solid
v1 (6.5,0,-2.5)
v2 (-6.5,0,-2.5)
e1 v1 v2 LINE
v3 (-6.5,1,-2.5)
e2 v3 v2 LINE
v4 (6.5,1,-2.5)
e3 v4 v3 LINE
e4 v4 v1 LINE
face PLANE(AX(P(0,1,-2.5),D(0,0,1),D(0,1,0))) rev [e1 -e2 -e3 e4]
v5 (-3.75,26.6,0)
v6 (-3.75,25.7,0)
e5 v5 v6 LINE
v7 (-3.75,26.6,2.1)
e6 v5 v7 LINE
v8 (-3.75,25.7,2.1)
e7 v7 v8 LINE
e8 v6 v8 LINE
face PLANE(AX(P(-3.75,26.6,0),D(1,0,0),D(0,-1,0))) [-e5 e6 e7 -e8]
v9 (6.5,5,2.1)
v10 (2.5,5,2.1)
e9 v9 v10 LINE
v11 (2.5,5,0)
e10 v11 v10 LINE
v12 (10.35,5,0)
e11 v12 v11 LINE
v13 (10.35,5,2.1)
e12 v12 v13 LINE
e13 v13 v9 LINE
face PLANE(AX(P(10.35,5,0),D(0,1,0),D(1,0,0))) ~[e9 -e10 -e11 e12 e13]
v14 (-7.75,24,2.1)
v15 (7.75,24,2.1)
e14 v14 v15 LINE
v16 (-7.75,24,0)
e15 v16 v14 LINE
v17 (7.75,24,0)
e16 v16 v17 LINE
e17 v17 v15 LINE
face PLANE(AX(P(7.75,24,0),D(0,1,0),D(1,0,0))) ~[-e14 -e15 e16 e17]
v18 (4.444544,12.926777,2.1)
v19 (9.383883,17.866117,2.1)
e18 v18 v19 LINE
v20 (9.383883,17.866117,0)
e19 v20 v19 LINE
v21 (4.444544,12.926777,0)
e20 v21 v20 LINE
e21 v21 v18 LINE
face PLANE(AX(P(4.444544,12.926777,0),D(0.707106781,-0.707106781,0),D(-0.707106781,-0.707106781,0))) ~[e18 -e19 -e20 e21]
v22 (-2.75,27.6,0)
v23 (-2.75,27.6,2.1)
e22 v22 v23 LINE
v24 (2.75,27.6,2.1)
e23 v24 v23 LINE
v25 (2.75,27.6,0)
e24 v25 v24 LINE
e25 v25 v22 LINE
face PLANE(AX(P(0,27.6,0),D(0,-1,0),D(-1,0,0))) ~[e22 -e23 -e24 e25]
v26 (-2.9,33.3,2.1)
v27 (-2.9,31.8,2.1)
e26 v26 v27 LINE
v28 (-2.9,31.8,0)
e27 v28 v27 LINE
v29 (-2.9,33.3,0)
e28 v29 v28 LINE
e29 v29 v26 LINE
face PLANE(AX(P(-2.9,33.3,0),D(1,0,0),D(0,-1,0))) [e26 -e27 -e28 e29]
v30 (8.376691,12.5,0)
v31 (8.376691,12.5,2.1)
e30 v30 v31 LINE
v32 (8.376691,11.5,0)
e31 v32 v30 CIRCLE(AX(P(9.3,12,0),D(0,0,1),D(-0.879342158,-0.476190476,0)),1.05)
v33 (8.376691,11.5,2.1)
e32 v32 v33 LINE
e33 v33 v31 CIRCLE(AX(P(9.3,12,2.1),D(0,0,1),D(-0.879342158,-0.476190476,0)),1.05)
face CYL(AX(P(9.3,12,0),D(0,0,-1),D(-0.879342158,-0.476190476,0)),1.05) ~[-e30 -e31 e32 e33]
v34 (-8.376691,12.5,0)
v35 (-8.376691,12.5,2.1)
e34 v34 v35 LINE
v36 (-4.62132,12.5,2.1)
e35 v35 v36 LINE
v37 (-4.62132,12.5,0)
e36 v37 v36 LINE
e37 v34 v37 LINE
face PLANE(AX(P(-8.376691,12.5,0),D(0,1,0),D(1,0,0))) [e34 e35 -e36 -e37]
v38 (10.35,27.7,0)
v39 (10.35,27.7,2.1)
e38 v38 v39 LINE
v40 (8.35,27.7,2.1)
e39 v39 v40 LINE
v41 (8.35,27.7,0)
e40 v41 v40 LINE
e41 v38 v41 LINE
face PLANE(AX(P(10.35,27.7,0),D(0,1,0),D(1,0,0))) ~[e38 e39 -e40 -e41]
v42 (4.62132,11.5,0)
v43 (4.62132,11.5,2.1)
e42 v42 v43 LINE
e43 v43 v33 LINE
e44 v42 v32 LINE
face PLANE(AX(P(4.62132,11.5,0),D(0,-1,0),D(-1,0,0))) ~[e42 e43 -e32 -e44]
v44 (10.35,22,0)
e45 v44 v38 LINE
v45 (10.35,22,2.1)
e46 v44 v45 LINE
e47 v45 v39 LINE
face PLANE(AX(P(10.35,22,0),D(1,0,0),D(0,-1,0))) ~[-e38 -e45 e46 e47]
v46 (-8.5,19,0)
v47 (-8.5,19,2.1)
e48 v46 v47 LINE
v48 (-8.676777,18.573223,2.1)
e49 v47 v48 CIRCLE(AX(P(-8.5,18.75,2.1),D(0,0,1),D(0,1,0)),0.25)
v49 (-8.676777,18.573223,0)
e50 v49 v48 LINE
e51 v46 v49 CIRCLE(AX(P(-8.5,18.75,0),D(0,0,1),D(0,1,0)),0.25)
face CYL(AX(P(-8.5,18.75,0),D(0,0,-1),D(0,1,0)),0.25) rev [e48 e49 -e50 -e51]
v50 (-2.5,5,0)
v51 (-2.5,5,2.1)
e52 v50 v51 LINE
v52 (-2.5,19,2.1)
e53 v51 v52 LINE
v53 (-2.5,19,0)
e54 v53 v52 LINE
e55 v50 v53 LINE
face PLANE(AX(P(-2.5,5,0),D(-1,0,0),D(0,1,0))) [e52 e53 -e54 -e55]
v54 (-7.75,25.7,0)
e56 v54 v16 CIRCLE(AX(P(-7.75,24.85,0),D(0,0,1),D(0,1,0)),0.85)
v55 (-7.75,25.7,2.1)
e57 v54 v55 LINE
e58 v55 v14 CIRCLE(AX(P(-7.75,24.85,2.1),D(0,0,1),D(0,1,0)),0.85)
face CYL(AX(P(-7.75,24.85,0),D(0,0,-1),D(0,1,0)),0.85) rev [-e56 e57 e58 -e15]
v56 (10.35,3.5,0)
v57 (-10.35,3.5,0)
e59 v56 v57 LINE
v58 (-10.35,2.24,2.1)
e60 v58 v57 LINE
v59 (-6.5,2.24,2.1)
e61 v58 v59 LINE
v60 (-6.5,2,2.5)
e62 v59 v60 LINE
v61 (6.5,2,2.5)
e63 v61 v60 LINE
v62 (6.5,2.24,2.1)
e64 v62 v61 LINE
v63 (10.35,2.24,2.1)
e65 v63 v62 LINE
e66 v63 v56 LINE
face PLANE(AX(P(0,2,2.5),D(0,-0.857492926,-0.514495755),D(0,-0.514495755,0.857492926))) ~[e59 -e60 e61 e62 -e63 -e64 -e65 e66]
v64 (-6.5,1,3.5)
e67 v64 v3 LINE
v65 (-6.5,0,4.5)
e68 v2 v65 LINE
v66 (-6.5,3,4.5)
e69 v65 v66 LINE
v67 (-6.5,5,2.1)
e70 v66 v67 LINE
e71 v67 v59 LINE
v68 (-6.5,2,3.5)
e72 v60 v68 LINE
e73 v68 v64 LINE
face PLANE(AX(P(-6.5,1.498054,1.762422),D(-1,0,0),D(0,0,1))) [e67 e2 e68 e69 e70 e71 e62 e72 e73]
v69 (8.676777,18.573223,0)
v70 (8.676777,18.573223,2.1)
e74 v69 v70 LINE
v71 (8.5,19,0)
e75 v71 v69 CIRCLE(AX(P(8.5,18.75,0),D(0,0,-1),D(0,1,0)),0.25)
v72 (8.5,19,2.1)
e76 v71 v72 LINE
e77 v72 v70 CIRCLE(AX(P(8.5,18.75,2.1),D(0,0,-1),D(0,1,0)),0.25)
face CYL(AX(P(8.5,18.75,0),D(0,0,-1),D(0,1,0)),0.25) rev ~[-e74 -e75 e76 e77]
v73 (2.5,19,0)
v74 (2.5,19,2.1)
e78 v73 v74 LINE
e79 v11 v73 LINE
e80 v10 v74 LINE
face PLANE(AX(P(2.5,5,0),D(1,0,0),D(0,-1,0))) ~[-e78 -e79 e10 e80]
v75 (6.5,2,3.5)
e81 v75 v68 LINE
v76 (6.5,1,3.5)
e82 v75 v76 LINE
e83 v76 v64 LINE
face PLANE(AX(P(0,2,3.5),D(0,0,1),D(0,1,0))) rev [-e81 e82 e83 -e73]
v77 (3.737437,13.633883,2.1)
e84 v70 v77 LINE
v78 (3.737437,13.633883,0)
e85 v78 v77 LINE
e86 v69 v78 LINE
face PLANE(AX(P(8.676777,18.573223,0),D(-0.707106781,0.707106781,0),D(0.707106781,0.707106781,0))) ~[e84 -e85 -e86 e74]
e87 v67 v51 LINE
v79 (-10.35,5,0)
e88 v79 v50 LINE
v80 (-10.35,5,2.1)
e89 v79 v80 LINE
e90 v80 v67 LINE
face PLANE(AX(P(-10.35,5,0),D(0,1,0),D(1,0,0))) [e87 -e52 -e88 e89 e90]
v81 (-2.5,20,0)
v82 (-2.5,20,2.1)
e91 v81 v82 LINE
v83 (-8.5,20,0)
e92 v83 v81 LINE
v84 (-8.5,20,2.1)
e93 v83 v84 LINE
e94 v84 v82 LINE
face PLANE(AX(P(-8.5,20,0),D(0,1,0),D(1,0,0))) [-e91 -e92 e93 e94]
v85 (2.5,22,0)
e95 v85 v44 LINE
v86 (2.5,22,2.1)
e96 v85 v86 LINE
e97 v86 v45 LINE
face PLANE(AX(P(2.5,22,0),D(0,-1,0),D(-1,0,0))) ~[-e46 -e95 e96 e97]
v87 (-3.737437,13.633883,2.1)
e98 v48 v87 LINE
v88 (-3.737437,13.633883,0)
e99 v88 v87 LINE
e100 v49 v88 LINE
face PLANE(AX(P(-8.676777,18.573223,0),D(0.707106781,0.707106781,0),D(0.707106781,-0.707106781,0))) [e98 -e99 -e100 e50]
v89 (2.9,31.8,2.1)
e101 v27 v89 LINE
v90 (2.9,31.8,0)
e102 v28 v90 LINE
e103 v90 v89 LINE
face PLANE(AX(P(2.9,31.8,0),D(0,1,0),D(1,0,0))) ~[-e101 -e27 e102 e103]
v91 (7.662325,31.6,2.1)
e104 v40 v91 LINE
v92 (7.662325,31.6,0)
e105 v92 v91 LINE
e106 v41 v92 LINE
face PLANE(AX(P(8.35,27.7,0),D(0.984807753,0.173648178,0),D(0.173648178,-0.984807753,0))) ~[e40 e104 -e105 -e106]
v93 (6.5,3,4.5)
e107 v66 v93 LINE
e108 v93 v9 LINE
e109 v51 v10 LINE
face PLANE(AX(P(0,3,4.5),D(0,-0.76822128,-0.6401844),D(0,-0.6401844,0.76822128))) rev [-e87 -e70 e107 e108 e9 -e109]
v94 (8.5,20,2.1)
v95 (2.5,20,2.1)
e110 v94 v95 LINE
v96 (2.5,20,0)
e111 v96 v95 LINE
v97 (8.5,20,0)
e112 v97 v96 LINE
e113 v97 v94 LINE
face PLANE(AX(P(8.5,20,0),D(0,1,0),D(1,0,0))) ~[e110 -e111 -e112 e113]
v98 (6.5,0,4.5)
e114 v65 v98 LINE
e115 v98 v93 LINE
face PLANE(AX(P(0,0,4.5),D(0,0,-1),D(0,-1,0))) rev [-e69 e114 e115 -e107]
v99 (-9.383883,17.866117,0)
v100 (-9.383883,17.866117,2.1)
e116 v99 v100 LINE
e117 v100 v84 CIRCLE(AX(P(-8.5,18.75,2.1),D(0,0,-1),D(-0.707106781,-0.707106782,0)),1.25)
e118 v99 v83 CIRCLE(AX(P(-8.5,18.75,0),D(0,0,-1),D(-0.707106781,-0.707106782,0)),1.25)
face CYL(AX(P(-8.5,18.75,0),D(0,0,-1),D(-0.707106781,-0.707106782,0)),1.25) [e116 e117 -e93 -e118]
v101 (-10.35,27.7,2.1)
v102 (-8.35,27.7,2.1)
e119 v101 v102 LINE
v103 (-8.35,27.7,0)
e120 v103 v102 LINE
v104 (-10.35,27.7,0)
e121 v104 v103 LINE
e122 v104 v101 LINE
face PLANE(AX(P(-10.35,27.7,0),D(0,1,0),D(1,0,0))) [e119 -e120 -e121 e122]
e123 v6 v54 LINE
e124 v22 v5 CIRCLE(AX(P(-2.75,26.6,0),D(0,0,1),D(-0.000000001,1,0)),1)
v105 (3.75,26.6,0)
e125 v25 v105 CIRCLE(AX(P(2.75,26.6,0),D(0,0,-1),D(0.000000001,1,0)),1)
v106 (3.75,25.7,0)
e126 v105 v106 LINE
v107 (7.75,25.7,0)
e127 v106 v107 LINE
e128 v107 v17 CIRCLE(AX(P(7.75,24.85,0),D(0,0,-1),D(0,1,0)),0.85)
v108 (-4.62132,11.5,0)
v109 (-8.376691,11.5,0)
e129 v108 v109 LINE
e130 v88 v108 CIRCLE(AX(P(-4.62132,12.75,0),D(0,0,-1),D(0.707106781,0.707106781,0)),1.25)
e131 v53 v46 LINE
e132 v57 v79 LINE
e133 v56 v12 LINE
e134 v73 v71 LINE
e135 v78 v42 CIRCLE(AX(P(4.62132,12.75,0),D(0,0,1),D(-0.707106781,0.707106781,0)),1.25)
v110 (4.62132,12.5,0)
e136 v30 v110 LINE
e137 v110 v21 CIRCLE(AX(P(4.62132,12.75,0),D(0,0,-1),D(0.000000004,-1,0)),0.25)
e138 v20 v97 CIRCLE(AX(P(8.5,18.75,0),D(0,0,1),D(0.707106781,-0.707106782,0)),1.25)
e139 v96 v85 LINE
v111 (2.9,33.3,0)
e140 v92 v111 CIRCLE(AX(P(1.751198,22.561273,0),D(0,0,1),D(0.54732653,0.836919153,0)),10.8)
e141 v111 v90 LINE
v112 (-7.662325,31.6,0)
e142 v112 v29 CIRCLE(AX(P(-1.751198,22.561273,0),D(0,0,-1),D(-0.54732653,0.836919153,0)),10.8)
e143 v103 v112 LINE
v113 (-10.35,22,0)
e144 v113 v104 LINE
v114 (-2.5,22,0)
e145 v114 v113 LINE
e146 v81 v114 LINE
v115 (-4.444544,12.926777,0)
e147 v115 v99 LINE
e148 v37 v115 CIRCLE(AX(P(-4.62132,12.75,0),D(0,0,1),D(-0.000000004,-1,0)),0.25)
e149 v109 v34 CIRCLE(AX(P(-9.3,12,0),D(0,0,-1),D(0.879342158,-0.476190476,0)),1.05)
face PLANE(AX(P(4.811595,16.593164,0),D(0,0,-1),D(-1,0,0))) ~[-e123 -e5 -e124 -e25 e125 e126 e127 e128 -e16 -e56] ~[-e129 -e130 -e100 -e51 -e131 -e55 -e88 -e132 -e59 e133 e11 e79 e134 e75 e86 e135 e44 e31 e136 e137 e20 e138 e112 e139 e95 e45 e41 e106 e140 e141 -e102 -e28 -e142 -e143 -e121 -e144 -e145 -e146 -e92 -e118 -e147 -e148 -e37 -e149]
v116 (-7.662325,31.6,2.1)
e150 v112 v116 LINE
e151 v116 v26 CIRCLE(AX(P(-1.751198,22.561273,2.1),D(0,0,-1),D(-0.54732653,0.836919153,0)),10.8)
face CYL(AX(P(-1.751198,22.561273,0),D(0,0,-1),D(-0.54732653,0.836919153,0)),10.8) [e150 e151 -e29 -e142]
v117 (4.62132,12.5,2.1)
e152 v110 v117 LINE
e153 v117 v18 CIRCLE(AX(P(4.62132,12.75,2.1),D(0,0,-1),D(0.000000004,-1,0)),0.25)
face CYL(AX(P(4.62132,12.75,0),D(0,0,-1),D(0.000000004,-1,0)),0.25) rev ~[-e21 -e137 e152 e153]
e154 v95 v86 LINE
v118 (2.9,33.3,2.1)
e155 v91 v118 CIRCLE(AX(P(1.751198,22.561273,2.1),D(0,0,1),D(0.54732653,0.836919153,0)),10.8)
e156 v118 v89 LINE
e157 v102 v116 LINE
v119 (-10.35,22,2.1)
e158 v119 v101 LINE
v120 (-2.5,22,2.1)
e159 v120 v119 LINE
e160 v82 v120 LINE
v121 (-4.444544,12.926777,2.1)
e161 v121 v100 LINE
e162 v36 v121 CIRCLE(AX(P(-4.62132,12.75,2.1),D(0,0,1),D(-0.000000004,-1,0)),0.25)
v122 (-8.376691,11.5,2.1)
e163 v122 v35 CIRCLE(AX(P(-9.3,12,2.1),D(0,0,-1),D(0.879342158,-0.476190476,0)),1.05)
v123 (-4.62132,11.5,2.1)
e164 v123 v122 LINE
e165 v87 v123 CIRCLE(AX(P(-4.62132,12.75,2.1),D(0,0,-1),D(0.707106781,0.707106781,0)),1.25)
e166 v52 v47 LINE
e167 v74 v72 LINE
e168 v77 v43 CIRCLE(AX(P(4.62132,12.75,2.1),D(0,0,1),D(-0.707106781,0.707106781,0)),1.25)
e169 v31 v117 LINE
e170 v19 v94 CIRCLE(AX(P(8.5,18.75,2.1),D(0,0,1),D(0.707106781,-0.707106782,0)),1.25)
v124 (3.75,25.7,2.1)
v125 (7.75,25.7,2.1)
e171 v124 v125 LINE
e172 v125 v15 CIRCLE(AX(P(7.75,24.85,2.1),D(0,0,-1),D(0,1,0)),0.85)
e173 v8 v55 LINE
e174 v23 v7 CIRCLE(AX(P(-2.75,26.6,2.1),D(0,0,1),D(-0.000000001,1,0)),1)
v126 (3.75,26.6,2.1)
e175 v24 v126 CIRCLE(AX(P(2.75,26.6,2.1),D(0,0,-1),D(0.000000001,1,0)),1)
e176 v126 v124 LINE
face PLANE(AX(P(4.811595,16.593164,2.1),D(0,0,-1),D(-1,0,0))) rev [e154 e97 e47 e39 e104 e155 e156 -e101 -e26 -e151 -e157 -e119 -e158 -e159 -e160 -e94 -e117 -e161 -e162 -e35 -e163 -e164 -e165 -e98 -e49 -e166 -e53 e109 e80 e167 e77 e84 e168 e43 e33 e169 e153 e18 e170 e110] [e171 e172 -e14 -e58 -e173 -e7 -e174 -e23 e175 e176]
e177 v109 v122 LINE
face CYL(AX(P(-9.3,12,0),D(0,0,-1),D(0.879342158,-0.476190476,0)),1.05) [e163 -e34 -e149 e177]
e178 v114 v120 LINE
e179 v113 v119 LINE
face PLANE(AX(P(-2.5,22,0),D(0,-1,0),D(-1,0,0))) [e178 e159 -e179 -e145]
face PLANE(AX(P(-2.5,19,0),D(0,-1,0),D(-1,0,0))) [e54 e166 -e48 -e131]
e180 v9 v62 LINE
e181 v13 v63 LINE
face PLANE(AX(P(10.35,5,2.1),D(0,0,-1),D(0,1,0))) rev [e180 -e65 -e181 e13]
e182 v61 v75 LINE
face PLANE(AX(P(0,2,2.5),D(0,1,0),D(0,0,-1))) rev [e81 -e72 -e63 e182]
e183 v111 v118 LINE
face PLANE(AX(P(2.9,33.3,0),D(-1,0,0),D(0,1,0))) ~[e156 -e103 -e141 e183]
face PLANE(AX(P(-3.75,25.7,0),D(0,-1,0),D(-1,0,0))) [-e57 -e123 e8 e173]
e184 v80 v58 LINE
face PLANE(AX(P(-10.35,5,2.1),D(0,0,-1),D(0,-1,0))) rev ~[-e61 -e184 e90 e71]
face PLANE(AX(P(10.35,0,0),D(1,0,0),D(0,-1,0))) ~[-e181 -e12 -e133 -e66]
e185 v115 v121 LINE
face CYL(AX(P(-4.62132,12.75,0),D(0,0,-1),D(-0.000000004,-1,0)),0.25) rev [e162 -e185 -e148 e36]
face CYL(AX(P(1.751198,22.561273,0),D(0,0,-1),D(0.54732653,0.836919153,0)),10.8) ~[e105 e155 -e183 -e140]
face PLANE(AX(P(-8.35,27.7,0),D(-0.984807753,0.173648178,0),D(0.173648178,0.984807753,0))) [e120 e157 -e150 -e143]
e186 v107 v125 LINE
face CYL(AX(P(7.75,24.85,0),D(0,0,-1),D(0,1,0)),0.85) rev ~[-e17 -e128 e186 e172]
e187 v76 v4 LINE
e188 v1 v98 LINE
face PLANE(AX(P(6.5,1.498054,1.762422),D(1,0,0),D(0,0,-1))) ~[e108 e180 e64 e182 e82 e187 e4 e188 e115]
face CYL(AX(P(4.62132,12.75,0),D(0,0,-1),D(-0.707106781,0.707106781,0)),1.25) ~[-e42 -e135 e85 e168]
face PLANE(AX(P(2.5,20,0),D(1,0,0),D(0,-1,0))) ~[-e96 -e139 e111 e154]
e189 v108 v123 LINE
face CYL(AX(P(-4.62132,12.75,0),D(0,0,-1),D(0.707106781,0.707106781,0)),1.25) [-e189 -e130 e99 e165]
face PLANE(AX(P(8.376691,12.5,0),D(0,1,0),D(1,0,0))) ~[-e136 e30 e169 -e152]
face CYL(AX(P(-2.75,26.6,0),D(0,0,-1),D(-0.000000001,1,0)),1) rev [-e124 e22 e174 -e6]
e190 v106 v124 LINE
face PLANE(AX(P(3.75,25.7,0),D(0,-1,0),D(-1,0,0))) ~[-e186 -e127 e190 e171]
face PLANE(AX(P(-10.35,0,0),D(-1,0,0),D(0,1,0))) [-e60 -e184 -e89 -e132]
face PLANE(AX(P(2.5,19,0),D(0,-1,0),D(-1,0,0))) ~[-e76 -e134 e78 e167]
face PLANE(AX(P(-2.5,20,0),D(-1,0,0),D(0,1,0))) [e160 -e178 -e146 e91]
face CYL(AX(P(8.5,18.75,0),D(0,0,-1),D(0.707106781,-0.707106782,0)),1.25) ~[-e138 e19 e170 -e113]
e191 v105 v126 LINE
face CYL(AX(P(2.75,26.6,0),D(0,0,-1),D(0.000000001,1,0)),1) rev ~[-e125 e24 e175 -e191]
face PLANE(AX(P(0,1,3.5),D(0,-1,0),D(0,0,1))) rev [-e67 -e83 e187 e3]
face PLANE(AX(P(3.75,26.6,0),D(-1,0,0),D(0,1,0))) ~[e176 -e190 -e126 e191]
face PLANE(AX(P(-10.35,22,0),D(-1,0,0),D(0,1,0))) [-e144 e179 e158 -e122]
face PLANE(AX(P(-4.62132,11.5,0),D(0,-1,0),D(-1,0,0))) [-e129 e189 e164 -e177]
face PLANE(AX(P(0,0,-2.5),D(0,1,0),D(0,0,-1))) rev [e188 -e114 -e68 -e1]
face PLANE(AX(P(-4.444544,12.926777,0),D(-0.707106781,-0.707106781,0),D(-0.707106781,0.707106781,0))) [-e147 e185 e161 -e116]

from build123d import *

# Parameters (mm, degrees)
Y_KSEKLIK_EKSTR_ZYON2_DEPTH = 2.1
Y_KSEKLIK_EKSTR_ZYON3_DEPTH = 10.35
KES_EKSTR_ZYON1_DEPTH       = 36.16052474
KES_EKSTR_ZYON2_DEPTH       = 3.85


with BuildPart() as part:
    # Çizim1 → Yükseklik-Ekstrüzyon2 (new body)
    with BuildSketch(Plane.XY):
        with BuildLine():
            Line((0, 0), (-10.35, 0))
            Line((-10.35, 0), (-10.35, 5))
            Line((-10.35, 5), (-2.5, 5))
            Line((-2.5, 5), (-2.5, 19))
            Line((-2.5, 19), (-8.5, 19))
            ThreePointArc((-8.5, 19), (-8.730969883, 18.845670858), (-8.676776695, 18.573223305))
            Line((-8.676776695, 18.573223305), (-3.737436867, 13.633883476))
            ThreePointArc((-3.737436867, 13.633883476), (-3.466470928, 12.27164571), (-4.621320344, 11.5))
            Line((-4.621320344, 11.5), (-8.376690734, 11.5))
            ThreePointArc((-8.376690734, 11.5), (-10.35, 12), (-8.376690734, 12.5))
            Line((-8.376690734, 12.5), (-4.621320344, 12.5))
            ThreePointArc((-4.621320344, 12.5), (-4.39035046, 12.654329142), (-4.444543648, 12.926776695))
            Line((-4.444543648, 12.926776695), (-9.383883476, 17.866116524))
            ThreePointArc((-9.383883476, 17.866116524), (-9.654849416, 19.22835429), (-8.5, 20))
            Line((-8.5, 20), (-2.5, 20))
            Line((-2.5, 20), (-2.5, 22))
            Line((-2.5, 22), (-10.35, 22))
            Line((-10.35, 22), (-10.35, 27.7))
            Line((-10.35, 27.7), (-8.35, 27.7))
            Line((-8.35, 27.7), (-7.662324775, 31.6))
            ThreePointArc((-7.662324775, 31.6), (-5.382058591, 32.732647346), (-2.9, 33.3))
            Line((-2.9, 33.3), (-2.9, 31.8))
            Line((-2.9, 31.8), (0, 31.8))
            Line((0, 31.8), (0, 27.6))
            Line((0, 27.6), (-2.75, 27.6))
            ThreePointArc((-2.75, 27.6), (-3.457106781, 27.307106781), (-3.75, 26.6))
            Line((-3.75, 26.6), (-3.75, 25.7))
            Line((-3.75, 25.7), (-7.75, 25.7))
            ThreePointArc((-7.75, 25.7), (-8.6, 24.85), (-7.75, 24))
            Line((-7.75, 24), (0, 24))
            Line((0, 24), (0, 0))
        make_face()
    extrude(amount=Y_KSEKLIK_EKSTR_ZYON2_DEPTH)

    # Çizim2 → Yükseklik-Ekstrüzyon3 (add, through all)
    with BuildSketch(Plane(origin=(0, 0, 0), x_dir=(0, 0, -1), z_dir=(1, 0, 0))):
        Polygon((0, 5), (0, 3.5), (-2.5, 2), (-3.5, 2), (-3.5, 1), (2.5, 1), (2.5, 0), (-4.5, 0), (-4.5, 3), (-2.1, 5), align=None)
    extrude(amount=-Y_KSEKLIK_EKSTR_ZYON3_DEPTH)

    # Çizim2<3> → Kes-Ekstrüzyon1 (cut, through all)
    with BuildSketch(Plane(origin=(0, 0, 0), x_dir=(0, 0, -1), z_dir=(1, 0, 0))):
        Polygon((0, 3.5), (2.5, 1), (-3.5, 1), (-3.5, 2), (-2.5, 2), align=None)
    extrude(amount=-KES_EKSTR_ZYON1_DEPTH, mode=Mode.SUBTRACT)

    # Çizim3 → Kes-Ekstrüzyon2 (cut)
    with BuildSketch(Plane.ZY.offset(10.35)):
        Polygon((4.5, 3), (2.1, 5), (2.1, 2.24), (2.5, 2), (3.5, 2), (3.5, 1), (-2.5, 1), (-2.5, 0), (4.5, 0), align=None)
    extrude(amount=-KES_EKSTR_ZYON2_DEPTH, mode=Mode.SUBTRACT)

    # Aynalama1: part across plane


with BuildPart() as part_1:
    add(part.part)
    add(part.part.mirror(Plane(origin=(0, 24, 2.1), x_dir=(0, 0, 1), z_dir=(1, 0, 0))))


solid = part_1.part
